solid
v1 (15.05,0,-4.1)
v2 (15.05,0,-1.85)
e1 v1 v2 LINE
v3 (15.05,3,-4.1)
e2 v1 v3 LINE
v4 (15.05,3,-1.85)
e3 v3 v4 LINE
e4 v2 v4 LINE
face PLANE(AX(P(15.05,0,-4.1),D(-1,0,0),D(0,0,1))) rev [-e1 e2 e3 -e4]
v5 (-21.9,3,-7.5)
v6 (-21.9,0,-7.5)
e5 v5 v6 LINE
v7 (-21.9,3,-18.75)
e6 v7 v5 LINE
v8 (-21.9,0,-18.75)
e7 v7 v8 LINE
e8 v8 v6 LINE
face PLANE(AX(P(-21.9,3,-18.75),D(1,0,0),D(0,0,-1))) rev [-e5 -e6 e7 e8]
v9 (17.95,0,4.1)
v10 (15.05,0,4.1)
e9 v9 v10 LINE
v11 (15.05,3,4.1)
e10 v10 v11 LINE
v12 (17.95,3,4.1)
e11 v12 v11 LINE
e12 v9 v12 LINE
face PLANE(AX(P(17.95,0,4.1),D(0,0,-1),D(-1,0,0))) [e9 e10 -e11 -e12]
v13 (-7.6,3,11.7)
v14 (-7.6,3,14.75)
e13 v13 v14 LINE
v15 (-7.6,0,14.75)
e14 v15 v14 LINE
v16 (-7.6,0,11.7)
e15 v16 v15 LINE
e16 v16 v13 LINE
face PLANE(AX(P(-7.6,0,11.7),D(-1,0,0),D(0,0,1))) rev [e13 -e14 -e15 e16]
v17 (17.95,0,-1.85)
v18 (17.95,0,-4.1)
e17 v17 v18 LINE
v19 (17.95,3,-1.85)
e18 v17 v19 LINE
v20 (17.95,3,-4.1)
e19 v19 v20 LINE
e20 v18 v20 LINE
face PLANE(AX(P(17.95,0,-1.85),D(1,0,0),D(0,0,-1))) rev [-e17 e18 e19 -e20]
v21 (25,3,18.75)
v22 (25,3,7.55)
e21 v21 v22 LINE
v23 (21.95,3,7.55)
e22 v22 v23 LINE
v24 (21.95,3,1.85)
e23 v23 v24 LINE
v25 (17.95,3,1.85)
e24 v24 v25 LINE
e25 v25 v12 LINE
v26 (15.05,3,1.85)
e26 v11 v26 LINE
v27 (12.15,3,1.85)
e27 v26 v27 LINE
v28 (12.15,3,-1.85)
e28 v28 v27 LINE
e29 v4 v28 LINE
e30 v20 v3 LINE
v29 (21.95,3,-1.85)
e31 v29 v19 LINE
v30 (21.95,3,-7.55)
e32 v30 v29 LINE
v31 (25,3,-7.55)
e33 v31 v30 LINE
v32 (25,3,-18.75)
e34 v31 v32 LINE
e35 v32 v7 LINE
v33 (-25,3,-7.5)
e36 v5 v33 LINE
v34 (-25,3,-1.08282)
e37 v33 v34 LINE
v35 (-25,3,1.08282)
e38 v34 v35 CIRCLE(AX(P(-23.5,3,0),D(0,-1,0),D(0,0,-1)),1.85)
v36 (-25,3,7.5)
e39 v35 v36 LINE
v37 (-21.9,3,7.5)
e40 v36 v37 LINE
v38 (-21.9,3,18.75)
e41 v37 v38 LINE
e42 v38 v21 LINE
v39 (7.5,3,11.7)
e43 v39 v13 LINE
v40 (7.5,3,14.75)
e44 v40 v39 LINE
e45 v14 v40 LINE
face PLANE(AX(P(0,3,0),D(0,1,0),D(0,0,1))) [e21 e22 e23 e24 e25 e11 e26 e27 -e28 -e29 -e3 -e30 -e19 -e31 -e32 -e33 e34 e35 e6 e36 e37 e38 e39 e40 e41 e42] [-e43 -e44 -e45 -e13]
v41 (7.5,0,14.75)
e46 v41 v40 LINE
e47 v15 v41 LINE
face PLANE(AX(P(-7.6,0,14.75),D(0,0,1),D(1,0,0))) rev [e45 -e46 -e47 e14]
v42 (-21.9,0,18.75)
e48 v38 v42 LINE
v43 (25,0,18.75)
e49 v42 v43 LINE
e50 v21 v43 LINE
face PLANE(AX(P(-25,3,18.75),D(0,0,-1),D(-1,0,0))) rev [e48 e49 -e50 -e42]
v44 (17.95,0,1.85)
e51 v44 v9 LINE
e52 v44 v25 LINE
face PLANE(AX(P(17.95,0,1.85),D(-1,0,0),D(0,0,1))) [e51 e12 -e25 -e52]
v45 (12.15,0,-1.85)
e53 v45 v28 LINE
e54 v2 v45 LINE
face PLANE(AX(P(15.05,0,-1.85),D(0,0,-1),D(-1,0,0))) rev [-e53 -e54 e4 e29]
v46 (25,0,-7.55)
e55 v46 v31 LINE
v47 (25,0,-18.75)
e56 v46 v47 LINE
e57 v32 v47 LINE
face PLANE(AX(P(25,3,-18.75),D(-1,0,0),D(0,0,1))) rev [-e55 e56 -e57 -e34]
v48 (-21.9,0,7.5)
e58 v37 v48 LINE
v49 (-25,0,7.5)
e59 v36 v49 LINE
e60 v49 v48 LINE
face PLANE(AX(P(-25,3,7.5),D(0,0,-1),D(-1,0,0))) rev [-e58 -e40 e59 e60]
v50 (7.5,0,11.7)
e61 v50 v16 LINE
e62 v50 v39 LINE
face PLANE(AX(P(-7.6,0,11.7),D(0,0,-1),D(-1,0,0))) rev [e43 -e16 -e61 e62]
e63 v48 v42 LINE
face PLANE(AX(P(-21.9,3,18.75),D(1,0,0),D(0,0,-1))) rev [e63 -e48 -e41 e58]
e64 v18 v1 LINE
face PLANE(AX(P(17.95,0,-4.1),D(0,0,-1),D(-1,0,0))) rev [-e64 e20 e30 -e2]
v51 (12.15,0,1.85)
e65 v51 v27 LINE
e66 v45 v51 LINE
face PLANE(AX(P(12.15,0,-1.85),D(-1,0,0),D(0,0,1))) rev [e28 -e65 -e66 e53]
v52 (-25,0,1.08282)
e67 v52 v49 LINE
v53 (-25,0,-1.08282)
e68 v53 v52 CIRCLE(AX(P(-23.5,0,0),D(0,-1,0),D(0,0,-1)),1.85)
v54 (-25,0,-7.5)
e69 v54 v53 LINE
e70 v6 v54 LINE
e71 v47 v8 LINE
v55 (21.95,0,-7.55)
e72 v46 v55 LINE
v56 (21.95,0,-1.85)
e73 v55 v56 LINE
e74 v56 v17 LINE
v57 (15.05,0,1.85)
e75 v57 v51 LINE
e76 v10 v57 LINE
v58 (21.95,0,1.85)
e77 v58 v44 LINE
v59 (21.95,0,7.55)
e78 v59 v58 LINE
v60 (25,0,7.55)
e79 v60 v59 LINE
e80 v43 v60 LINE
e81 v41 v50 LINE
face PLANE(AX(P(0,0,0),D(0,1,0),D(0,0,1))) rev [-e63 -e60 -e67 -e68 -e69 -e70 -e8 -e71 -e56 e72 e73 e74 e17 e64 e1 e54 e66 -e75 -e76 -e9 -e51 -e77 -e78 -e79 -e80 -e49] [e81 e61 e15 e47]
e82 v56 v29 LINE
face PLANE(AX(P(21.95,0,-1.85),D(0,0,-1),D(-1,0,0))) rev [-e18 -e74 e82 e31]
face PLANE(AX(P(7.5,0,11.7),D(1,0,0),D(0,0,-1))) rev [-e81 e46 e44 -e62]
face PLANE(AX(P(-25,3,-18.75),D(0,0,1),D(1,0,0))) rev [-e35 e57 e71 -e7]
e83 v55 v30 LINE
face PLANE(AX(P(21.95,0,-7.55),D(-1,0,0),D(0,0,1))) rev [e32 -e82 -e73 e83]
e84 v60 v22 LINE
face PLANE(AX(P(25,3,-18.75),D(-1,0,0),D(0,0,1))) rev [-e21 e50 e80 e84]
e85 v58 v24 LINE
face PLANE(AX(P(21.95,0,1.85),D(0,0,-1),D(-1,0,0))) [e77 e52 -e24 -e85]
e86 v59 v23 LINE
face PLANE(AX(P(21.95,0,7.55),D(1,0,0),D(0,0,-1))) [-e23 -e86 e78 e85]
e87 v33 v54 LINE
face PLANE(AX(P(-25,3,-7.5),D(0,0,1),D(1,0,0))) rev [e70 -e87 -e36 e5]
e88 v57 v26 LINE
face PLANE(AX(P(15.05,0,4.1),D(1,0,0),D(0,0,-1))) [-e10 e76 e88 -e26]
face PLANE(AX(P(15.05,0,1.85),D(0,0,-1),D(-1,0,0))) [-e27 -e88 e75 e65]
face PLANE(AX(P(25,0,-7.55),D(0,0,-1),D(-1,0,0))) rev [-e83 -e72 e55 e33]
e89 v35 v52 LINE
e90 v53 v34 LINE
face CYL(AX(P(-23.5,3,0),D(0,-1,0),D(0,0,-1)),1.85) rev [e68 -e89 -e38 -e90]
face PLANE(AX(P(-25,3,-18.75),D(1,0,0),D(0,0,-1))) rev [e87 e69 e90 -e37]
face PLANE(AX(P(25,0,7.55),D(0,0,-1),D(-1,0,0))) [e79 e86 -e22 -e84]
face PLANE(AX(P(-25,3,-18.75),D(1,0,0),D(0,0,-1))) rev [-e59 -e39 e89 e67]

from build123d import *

# Parameters (mm, degrees)
SKETCH1_W           = 50
SKETCH1_H           = 37.5
BOSS_EXTRUDE1_DEPTH = 3
SKETCH2_W           = 15.1
SKETCH2_H           = 3.05
CUT_EXTRUDE1_DEPTH  = 32.393669744
CUT_EXTRUDE2_DEPTH  = 32.393669744
SKETCH4_W           = 3.1
SKETCH4_H           = 11.25
CUT_EXTRUDE3_DEPTH  = 32.393669744
SKETCH5_R           = 1.85
CUT_EXTRUDE4_DEPTH  = 32.393669744


with BuildPart() as part:
    # Sketch1 → Boss-Extrude1 (new body)
    with BuildSketch(Plane(origin=(0, 0, 0), x_dir=(1, 0, 0), z_dir=(0, 1, 0))):
        Rectangle(SKETCH1_W, SKETCH1_H)
    extrude(amount=BOSS_EXTRUDE1_DEPTH)

    # Sketch2 → Cut-Extrude1 (cut, through all)
    with BuildSketch(Plane(origin=(0, 3, 0), x_dir=(1, 0, 0), z_dir=(0, 1, 0))):
        with Locations((-0.05, -13.225)):
            Rectangle(SKETCH2_W, SKETCH2_H)
    extrude(amount=-CUT_EXTRUDE1_DEPTH, mode=Mode.SUBTRACT)

    # Sketch3 → Cut-Extrude2 (cut, through all)
    with BuildSketch(Plane(origin=(0, 3, 0), x_dir=(1, 0, 0), z_dir=(0, 1, 0))):
        Polygon((25, 7.55), (21.95, 7.55), (21.95, 1.85), (17.95, 1.85), (17.95, 4.1), (15.05, 4.1), (15.05, 1.85), (12.15, 1.85), (12.15, 0), (25, 0), align=None)
    cut_extrude2 = extrude(amount=-CUT_EXTRUDE2_DEPTH, mode=Mode.SUBTRACT)

    # Mirror1: Cut-Extrude2 across plane
    add(cut_extrude2.mirror(Plane.XY), mode=Mode.SUBTRACT)

    # Sketch4 → Cut-Extrude3 (cut, through all)
    with BuildSketch(Plane.XZ):
        with Locations((-23.45, -13.125)):
            Rectangle(SKETCH4_W, SKETCH4_H)
        with Locations((-23.45, 13.125)):
            Rectangle(SKETCH4_W, SKETCH4_H)
    extrude(amount=-CUT_EXTRUDE3_DEPTH, mode=Mode.SUBTRACT)

    # Sketch5 → Cut-Extrude4 (cut, through all)
    with BuildSketch(Plane.XZ):
        with Locations((-23.5, 0)):
            Circle(SKETCH5_R)
    extrude(amount=-CUT_EXTRUDE4_DEPTH, mode=Mode.SUBTRACT)


solid = part.part
